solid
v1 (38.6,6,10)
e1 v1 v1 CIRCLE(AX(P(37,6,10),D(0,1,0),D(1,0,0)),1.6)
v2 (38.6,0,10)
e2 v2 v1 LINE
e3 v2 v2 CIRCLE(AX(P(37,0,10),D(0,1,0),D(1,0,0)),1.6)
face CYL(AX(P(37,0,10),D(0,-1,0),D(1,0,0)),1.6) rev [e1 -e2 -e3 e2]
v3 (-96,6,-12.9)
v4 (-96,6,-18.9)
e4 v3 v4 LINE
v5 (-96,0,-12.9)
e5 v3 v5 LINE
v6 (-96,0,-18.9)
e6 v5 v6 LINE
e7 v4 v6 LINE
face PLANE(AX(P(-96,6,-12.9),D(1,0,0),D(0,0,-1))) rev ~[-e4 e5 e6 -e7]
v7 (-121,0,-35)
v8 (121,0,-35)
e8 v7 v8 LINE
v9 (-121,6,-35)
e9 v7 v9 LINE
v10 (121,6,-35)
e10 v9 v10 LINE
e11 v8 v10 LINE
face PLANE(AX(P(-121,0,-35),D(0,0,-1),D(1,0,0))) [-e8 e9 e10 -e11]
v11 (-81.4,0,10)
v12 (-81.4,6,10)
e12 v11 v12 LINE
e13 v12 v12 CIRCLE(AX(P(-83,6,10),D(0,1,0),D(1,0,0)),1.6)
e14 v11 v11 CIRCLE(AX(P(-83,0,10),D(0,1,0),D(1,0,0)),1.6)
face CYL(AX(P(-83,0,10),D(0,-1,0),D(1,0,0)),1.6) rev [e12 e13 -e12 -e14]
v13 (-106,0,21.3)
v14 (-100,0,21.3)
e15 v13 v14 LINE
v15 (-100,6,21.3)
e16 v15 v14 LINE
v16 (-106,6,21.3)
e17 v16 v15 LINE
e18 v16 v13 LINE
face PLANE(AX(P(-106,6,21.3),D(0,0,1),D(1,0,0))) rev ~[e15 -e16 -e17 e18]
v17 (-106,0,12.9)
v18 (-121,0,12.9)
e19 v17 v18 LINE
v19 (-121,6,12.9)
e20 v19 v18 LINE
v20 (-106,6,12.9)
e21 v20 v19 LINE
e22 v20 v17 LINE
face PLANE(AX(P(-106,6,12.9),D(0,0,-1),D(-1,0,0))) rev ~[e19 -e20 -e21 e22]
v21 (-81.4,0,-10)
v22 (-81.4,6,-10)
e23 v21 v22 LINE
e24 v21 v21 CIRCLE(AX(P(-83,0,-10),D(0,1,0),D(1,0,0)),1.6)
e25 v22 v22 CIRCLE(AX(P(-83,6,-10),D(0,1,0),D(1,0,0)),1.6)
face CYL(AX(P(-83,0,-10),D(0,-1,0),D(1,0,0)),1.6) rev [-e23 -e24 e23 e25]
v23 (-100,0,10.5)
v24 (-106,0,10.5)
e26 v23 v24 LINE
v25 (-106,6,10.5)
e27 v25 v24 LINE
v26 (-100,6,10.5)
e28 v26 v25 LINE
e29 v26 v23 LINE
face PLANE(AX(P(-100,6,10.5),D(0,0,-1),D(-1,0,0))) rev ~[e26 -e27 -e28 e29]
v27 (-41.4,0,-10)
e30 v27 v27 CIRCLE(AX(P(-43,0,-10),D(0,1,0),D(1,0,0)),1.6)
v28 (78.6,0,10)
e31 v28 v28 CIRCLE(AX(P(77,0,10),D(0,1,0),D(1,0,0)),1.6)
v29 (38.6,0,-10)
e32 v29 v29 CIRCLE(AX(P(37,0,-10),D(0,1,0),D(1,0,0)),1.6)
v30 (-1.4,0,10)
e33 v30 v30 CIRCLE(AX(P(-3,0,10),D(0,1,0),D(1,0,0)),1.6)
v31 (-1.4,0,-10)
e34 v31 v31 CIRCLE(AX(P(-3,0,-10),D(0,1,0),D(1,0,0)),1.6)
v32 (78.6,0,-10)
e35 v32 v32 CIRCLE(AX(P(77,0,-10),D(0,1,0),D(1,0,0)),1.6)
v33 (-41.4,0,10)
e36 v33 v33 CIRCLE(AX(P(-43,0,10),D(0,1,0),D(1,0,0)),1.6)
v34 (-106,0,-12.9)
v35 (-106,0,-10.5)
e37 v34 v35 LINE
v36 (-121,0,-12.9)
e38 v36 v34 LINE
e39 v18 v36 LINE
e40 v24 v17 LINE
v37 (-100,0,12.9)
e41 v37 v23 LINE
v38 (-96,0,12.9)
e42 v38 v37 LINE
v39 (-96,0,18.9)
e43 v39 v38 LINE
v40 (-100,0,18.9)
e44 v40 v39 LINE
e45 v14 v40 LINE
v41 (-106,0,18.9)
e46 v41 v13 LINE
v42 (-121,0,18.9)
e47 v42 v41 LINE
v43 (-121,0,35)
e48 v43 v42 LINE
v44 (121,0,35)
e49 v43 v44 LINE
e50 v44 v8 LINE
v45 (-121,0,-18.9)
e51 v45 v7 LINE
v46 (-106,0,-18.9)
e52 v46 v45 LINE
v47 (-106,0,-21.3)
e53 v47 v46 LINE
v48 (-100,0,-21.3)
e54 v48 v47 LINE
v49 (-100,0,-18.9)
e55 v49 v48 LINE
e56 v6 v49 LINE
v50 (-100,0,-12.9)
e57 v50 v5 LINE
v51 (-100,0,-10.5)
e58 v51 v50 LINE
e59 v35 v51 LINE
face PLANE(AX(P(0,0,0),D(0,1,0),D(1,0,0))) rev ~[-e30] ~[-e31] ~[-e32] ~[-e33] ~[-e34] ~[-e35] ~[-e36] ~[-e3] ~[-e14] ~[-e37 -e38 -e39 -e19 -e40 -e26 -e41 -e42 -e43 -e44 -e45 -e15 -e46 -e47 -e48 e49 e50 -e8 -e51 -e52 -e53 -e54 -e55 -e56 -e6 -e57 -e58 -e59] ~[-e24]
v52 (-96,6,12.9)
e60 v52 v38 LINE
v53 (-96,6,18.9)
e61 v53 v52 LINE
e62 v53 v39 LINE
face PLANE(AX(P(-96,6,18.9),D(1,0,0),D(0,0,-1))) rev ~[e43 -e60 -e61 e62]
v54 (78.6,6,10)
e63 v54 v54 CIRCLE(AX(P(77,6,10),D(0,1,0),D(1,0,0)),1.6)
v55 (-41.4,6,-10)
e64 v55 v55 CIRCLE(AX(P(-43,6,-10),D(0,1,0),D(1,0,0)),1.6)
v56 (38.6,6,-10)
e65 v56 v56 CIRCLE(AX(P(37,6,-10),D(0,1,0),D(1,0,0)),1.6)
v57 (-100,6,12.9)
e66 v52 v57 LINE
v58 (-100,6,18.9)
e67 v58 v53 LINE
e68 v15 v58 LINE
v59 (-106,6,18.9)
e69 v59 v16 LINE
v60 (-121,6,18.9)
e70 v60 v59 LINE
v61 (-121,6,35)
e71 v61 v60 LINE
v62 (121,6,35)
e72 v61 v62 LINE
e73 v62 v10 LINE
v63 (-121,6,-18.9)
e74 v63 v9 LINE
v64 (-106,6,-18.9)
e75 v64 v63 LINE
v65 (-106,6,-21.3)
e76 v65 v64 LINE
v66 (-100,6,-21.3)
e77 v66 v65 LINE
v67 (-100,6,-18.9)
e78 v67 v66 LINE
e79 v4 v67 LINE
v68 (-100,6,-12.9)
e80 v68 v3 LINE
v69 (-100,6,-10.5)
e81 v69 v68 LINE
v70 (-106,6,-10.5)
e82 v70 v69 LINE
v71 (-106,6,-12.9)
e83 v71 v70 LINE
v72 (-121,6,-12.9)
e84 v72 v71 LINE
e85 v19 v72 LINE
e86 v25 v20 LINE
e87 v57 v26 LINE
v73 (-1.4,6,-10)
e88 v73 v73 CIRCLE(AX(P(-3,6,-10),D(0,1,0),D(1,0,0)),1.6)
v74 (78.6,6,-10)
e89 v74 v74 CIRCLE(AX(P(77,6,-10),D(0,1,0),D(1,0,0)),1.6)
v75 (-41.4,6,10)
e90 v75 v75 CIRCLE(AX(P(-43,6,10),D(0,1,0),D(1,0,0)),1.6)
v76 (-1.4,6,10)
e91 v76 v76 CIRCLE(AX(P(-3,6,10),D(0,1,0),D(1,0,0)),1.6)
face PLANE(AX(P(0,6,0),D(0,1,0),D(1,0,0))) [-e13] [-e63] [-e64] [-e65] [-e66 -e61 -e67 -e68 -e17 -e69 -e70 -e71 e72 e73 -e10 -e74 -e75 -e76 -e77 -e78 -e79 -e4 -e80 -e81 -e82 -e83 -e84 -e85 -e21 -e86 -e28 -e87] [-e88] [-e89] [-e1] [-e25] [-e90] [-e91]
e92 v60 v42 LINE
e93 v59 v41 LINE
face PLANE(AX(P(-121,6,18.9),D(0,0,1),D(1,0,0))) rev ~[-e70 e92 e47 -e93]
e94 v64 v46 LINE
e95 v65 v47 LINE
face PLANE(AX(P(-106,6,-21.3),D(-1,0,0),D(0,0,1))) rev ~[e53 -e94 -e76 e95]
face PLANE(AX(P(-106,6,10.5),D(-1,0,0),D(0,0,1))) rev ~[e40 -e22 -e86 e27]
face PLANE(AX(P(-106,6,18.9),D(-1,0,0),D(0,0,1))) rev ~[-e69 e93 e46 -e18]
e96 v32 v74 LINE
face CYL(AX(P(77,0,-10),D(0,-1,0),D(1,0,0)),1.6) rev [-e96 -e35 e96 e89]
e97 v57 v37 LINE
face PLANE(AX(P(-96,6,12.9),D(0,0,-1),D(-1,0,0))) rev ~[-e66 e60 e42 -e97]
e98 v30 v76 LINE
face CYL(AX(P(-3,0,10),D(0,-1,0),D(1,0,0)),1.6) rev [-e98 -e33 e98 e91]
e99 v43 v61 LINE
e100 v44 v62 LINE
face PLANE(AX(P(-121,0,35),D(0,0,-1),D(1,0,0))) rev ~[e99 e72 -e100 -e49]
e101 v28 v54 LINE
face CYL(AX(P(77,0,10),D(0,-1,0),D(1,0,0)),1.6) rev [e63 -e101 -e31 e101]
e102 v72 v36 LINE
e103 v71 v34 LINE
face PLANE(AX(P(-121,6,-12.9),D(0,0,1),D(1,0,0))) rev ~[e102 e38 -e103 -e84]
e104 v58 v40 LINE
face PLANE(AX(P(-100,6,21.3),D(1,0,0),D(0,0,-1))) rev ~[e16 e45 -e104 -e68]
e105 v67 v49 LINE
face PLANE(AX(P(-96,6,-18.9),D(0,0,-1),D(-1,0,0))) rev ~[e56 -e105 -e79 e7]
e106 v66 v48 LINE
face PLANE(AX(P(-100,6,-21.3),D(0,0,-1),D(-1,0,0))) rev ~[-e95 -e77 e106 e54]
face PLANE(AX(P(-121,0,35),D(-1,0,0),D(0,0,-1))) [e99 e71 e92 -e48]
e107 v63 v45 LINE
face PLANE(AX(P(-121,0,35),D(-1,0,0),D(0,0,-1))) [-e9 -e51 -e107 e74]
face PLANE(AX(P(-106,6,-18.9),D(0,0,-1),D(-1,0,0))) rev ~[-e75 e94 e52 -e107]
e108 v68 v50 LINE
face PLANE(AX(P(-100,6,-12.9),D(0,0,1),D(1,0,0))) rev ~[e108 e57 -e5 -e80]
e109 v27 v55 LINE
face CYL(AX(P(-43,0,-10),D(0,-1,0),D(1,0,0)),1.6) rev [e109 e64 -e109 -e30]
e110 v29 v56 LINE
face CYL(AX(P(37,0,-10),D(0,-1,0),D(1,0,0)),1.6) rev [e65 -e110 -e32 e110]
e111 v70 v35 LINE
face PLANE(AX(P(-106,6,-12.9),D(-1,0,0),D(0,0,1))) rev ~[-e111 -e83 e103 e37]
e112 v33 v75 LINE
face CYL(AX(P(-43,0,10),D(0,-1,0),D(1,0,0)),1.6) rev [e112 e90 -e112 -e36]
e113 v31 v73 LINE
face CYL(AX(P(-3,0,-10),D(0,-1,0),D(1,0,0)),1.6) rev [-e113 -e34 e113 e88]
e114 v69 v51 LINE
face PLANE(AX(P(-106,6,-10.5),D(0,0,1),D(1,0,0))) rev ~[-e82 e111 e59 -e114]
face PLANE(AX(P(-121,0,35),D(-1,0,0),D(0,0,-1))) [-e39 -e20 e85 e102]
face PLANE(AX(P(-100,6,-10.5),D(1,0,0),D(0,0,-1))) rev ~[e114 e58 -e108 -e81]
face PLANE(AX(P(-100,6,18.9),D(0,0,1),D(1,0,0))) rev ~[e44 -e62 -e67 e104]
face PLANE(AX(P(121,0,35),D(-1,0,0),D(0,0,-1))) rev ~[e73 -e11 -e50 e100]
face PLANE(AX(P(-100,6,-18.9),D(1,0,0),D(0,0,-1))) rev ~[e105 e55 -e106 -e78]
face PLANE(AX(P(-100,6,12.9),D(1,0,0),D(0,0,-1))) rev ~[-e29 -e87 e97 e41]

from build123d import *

# Parameters (mm, degrees)
SKETCH1_W           = 242
SKETCH1_H           = 70
SKETCH1_R           = 1.6
BOSS_EXTRUDE1_DEPTH = 6
CUT_EXTRUDE2_DEPTH  = 7


with BuildPart() as part:
    # Sketch1 → Boss-Extrude1 (new body)
    with BuildSketch(Plane(origin=(0, 0, 0), x_dir=(1, 0, 0), z_dir=(0, 1, 0))):
        Rectangle(SKETCH1_W, SKETCH1_H)
        with Locations((77, -10)):
            Circle(SKETCH1_R, mode=Mode.SUBTRACT)
        with Locations((77, 10)):
            Circle(SKETCH1_R, mode=Mode.SUBTRACT)
        with Locations((37, -10)):
            Circle(SKETCH1_R, mode=Mode.SUBTRACT)
        with Locations((37, 10)):
            Circle(SKETCH1_R, mode=Mode.SUBTRACT)
        with Locations((-3, -10)):
            Circle(SKETCH1_R, mode=Mode.SUBTRACT)
        with Locations((-3, 10)):
            Circle(SKETCH1_R, mode=Mode.SUBTRACT)
        with Locations((-43, -10)):
            Circle(SKETCH1_R, mode=Mode.SUBTRACT)
        with Locations((-43, 10)):
            Circle(SKETCH1_R, mode=Mode.SUBTRACT)
        with Locations((-83, -10)):
            Circle(SKETCH1_R, mode=Mode.SUBTRACT)
        with Locations((-83, 10)):
            Circle(SKETCH1_R, mode=Mode.SUBTRACT)
    extrude(amount=BOSS_EXTRUDE1_DEPTH)

    # Sketch3 → Cut-Extrude2 (cut, through all)
    with BuildSketch(Plane(origin=(0, 6, 0), x_dir=(1, 0, 0), z_dir=(0, 1, 0))):
        Polygon((-121, 12.9), (-106, 12.9), (-106, 10.5), (-100, 10.5), (-100, 12.9), (-96, 12.9), (-96, 18.9), (-100, 18.9), (-100, 21.3), (-106, 21.3), (-106, 18.9), (-121, 18.9), align=None)
        Polygon((-106, -18.9), (-106, -21.3), (-100, -21.3), (-100, -18.9), (-96, -18.9), (-96, -12.9), (-100, -12.9), (-100, -10.5), (-106, -10.5), (-106, -12.9), (-121, -12.9), (-121, -18.9), align=None)
    extrude(amount=-CUT_EXTRUDE2_DEPTH, mode=Mode.SUBTRACT)


solid = part.part
